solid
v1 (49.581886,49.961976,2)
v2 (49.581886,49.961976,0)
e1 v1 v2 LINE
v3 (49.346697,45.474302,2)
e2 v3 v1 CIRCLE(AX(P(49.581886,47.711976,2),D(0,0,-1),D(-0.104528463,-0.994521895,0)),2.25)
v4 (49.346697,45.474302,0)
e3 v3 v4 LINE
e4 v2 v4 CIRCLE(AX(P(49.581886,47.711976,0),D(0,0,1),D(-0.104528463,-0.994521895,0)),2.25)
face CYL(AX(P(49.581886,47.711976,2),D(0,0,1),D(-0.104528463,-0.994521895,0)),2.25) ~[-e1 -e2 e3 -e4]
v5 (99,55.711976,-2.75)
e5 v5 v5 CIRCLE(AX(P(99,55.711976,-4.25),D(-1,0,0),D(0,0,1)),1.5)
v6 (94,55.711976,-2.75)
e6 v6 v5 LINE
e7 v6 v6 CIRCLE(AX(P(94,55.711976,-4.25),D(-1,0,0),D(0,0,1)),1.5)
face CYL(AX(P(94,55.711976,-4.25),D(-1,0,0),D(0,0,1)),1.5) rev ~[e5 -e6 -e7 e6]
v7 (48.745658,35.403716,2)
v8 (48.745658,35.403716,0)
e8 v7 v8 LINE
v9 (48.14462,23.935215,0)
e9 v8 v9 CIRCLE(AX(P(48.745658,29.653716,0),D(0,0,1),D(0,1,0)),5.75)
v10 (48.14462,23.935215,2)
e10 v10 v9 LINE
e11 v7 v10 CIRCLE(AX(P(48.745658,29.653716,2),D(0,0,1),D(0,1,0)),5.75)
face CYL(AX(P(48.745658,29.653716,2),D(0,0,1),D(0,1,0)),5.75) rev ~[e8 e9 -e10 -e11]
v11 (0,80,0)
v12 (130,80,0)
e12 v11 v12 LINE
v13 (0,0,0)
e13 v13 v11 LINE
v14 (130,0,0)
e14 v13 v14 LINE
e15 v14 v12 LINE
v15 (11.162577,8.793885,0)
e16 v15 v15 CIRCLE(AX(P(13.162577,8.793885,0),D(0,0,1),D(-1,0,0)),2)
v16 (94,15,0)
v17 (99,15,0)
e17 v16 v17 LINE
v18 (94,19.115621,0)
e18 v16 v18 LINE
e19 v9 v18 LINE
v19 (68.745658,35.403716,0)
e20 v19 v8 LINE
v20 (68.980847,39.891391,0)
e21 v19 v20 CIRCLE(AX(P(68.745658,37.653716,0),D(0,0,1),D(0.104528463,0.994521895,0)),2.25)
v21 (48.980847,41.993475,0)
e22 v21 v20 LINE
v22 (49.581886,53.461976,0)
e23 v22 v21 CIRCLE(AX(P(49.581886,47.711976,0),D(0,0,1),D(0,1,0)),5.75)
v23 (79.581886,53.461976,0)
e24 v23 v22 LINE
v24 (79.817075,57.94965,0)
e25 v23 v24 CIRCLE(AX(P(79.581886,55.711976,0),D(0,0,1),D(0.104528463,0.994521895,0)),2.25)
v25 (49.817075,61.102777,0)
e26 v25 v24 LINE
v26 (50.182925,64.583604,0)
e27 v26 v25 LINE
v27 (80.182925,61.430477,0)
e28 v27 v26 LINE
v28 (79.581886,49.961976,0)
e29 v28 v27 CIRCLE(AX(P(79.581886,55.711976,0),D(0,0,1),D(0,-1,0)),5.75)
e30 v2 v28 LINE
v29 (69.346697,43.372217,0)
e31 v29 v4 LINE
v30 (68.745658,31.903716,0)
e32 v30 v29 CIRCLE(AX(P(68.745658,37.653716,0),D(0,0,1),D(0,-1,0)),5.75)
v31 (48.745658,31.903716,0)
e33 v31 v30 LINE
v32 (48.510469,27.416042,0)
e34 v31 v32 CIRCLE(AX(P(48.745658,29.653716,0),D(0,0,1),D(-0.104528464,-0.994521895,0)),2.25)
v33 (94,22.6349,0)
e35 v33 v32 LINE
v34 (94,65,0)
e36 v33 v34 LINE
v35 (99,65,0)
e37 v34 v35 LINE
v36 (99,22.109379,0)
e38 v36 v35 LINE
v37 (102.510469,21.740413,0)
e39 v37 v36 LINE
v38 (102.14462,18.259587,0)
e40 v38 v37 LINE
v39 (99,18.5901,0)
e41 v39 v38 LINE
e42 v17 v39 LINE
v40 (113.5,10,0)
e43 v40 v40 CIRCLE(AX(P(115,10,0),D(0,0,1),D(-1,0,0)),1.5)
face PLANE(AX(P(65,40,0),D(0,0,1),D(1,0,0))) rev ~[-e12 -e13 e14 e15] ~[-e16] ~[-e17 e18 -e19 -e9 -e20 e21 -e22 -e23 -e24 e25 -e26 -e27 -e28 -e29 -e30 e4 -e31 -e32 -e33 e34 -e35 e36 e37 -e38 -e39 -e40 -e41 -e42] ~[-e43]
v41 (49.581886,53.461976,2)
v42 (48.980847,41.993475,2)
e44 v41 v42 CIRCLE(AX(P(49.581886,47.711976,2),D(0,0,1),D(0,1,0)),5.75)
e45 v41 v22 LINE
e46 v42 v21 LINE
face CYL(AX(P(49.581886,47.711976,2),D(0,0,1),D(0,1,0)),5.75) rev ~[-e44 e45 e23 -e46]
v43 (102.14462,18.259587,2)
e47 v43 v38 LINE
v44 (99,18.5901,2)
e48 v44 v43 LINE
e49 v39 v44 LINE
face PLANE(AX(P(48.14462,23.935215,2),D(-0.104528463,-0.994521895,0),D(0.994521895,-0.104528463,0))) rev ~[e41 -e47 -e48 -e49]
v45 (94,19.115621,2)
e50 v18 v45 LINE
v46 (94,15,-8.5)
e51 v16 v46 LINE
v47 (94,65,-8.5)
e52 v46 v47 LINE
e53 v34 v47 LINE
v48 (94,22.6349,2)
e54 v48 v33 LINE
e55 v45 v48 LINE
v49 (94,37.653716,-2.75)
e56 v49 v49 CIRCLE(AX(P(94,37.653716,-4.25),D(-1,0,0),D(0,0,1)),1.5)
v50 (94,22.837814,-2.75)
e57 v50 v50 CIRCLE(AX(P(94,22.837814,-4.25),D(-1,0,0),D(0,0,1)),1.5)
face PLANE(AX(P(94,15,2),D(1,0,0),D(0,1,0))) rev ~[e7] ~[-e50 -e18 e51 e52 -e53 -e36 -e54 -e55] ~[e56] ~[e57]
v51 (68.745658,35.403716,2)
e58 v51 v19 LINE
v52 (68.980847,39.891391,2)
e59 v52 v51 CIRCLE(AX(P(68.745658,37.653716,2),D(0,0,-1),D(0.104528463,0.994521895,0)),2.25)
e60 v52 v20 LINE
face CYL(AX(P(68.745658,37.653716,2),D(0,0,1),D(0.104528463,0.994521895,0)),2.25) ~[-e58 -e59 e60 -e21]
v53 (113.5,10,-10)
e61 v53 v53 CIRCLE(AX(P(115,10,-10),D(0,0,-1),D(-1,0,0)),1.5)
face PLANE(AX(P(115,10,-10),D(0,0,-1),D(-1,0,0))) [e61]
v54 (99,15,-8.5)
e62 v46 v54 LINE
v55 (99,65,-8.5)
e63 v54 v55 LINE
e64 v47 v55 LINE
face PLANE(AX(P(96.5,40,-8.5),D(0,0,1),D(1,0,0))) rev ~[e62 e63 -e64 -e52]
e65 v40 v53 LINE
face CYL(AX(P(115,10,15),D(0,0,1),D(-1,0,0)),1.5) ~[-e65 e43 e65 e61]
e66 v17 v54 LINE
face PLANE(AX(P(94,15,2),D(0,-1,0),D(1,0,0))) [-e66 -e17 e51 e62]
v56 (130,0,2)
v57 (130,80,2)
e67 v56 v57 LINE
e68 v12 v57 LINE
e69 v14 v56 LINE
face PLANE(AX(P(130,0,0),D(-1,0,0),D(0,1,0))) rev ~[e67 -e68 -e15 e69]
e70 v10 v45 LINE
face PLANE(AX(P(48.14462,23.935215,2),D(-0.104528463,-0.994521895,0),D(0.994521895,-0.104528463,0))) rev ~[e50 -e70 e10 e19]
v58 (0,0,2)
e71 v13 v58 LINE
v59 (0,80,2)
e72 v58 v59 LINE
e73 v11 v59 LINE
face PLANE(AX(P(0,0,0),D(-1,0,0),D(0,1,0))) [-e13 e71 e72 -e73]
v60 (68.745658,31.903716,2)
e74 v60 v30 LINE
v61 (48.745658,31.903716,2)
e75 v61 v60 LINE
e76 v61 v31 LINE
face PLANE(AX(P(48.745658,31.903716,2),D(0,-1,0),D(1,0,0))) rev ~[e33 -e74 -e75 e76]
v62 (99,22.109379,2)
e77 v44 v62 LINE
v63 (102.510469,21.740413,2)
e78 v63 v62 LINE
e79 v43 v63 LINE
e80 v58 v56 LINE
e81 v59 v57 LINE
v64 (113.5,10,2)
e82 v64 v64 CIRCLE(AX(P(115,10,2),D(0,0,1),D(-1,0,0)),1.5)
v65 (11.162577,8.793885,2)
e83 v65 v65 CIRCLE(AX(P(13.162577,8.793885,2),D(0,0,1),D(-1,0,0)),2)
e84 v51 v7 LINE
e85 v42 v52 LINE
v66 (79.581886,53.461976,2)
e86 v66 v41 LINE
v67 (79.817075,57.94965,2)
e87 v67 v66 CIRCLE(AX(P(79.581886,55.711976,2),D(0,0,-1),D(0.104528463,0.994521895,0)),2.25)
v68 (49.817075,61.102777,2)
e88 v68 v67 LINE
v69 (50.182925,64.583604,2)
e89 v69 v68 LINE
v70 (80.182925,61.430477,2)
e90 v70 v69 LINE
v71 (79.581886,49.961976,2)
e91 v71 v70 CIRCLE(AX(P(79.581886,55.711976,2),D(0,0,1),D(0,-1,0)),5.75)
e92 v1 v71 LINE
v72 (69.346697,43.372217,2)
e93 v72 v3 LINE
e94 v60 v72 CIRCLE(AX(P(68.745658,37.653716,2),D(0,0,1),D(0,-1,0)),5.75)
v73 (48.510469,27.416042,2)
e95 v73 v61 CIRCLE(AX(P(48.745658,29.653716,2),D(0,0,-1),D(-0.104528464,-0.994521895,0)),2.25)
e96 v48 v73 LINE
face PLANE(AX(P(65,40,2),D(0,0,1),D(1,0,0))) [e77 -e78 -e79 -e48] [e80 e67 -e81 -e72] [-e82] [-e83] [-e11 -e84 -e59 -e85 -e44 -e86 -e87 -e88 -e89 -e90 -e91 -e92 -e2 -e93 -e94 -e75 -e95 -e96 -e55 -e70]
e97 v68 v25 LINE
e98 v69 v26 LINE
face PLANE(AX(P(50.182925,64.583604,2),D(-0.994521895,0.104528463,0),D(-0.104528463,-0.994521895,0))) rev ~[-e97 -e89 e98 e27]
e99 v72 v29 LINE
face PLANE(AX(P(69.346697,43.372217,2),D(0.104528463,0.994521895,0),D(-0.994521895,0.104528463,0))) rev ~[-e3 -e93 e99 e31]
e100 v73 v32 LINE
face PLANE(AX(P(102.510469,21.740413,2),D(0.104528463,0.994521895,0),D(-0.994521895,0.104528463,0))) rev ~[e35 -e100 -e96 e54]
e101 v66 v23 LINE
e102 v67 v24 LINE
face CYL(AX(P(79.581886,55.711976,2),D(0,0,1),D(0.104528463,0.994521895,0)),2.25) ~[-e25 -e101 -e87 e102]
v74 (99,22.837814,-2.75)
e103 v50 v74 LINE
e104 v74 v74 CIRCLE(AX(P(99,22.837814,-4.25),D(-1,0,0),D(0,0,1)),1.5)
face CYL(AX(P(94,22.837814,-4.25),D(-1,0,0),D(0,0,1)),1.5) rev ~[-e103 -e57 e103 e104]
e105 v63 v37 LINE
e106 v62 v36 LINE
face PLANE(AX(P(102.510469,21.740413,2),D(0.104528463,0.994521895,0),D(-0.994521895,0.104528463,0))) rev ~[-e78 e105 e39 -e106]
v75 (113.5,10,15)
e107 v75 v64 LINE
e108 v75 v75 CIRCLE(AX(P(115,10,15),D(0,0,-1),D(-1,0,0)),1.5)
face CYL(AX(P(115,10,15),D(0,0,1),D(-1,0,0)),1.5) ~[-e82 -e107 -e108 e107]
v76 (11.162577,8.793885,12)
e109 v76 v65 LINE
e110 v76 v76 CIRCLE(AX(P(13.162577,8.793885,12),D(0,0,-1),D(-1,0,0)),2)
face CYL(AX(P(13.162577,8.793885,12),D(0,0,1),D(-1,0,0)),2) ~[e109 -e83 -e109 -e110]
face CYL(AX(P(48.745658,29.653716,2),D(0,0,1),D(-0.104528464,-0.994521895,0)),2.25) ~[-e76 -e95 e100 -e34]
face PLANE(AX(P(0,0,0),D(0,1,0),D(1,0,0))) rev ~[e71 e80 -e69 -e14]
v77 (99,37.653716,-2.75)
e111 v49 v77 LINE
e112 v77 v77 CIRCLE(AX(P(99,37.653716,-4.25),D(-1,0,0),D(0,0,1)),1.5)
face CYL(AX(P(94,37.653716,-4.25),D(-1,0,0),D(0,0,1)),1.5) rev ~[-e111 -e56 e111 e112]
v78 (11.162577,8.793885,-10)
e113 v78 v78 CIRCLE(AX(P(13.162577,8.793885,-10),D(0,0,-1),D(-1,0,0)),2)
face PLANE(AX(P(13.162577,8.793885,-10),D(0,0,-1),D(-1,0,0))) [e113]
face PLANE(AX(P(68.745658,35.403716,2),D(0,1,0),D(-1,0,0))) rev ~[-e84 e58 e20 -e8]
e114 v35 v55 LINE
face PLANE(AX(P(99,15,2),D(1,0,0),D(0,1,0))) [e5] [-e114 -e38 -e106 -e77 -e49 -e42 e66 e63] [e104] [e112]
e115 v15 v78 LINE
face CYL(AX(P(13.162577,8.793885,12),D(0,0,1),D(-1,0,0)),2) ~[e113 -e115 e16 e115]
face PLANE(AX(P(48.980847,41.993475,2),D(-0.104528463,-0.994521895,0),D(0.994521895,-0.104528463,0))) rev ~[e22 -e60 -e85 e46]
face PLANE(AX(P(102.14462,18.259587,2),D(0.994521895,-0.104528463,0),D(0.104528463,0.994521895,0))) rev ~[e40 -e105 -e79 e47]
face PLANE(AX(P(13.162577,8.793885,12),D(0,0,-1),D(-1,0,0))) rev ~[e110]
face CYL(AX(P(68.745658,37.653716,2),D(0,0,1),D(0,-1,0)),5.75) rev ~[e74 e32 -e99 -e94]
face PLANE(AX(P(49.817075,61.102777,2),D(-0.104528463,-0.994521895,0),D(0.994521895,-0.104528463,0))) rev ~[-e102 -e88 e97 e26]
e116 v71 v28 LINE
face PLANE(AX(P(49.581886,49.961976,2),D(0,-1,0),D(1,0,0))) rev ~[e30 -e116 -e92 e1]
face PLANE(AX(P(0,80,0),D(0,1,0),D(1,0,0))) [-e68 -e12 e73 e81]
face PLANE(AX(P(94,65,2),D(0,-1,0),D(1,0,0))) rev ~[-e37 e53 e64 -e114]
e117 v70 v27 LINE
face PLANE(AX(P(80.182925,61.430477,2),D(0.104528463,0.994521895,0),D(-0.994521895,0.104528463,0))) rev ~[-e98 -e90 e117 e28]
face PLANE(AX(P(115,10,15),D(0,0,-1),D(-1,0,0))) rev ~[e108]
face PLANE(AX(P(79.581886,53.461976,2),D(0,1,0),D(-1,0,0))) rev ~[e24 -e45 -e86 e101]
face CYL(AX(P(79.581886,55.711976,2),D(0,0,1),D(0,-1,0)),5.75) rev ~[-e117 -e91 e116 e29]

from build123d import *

# Parameters (mm, degrees)
SKETCH1_W                = 130
SKETCH1_H                = 80
BOSS_EXTRUDE1_DEPTH      = 2
CUT_EXTRUDE_THIN1_DEPTH  = 3.2
BOSS_EXTRUDE2_DEPTH      = 10
BOSS_EXTRUDE2_DEPTH_BACK = 15
SKETCH5_R                = 1.5
BOSS_EXTRUDE3_DEPTH      = 10
BOSS_EXTRUDE3_DEPTH_BACK = 12
SKETCH6_R                = 2
SKETCH9_W                = 5
SKETCH9_H                = 50
BOSS_EXTRUDE5_DEPTH      = 10.5
SKETCH11_R               = 1.5
CUT_EXTRUDE1_DEPTH       = 7.5


with BuildPart() as part:
    # Sketch1 → Boss-Extrude1 (new body)
    with BuildSketch(Plane.XY):
        with Locations((65, 40)):
            Rectangle(SKETCH1_W, SKETCH1_H)
    extrude(amount=BOSS_EXTRUDE1_DEPTH)

    # Sketch2 → Cut-Extrude-Thin1 (cut)
    with BuildSketch(Plane.XY.offset(2)):
        with BuildLine():
            Line((49.817075189, 61.102777477), (79.817075189, 57.949650419))
            ThreePointArc((79.817075189, 57.949650419), (81.8288026, 55.594220253), (79.581886147, 53.461976154))
            Line((79.581886147, 53.461976154), (49.581886147, 53.461976154))
            ThreePointArc((49.581886147, 53.461976154), (43.839766322, 48.012907902), (48.980847483, 41.993475256))
            Line((48.980847483, 41.993475256), (68.980847483, 39.89139055))
            ThreePointArc((68.980847483, 39.89139055), (70.992574894, 37.535960384), (68.745658441, 35.403716286))
            Line((68.745658441, 35.403716286), (48.745658441, 35.403716286))
            ThreePointArc((48.745658441, 35.403716286), (43.003538616, 29.954648034), (48.144619777, 23.935215387))
            Line((48.144619777, 23.935215387), (102.144619777, 18.259586683))
            Line((102.144619777, 18.259586683), (102.510469398, 21.740413317))
            Line((102.510469398, 21.740413317), (48.510469398, 27.416042021))
            ThreePointArc((48.510469398, 27.416042021), (46.498741988, 29.771472187), (48.745658441, 31.903716286))
            Line((48.745658441, 31.903716286), (68.745658441, 31.903716286))
            ThreePointArc((68.745658441, 31.903716286), (74.487778266, 37.352784537), (69.346697105, 43.372217184))
            Line((69.346697105, 43.372217184), (49.346697105, 45.47430189))
            ThreePointArc((49.346697105, 45.47430189), (47.334969694, 47.829732056), (49.581886147, 49.961976154))
            Line((49.581886147, 49.961976154), (79.581886147, 49.961976154))
            ThreePointArc((79.581886147, 49.961976154), (85.324005972, 55.411044406), (80.182924811, 61.430477052))
            Line((80.182924811, 61.430477052), (50.182924811, 64.58360411))
            Line((50.182924811, 64.58360411), (49.817075189, 61.102777477))
        make_face()
    extrude(amount=-CUT_EXTRUDE_THIN1_DEPTH, mode=Mode.SUBTRACT)

    # Sketch5 → Boss-Extrude2 (add, two sides: drawn at the far end of the back side and taken through both)
    with BuildSketch(Plane(origin=(0, 0, 0), x_dir=(-1, 0, 0), z_dir=(0, 0, -1)).offset(-BOSS_EXTRUDE2_DEPTH_BACK)):
        with Locations((-115, 10)):
            Circle(SKETCH5_R)
    extrude(amount=BOSS_EXTRUDE2_DEPTH + BOSS_EXTRUDE2_DEPTH_BACK)

    # Sketch6 → Boss-Extrude3 (add, two sides: drawn at the far end of the back side and taken through both)
    with BuildSketch(Plane(origin=(0, 0, 0), x_dir=(-1, 0, 0), z_dir=(0, 0, -1)).offset(-BOSS_EXTRUDE3_DEPTH_BACK)):
        with Locations((-13.162577251, 8.793885197)):
            Circle(SKETCH6_R)
    extrude(amount=BOSS_EXTRUDE3_DEPTH + BOSS_EXTRUDE3_DEPTH_BACK)

    # Sketch9 → Boss-Extrude5 (add)
    with BuildSketch(Plane.XY.offset(2)):
        with Locations((96.5, 40)):
            Rectangle(SKETCH9_W, SKETCH9_H)
    extrude(amount=-BOSS_EXTRUDE5_DEPTH)

    # Sketch11 → Cut-Extrude1 (cut)
    with BuildSketch(Plane.ZY.offset(-94)):
        with Locations((-4.25, 55.711976154)):
            Circle(SKETCH11_R)
        with Locations((-4.25, 37.653716286)):
            Circle(SKETCH11_R)
        with Locations((-4.25, 22.837814352)):
            Circle(SKETCH11_R)
    extrude(amount=-CUT_EXTRUDE1_DEPTH, mode=Mode.SUBTRACT)


solid = part.part
